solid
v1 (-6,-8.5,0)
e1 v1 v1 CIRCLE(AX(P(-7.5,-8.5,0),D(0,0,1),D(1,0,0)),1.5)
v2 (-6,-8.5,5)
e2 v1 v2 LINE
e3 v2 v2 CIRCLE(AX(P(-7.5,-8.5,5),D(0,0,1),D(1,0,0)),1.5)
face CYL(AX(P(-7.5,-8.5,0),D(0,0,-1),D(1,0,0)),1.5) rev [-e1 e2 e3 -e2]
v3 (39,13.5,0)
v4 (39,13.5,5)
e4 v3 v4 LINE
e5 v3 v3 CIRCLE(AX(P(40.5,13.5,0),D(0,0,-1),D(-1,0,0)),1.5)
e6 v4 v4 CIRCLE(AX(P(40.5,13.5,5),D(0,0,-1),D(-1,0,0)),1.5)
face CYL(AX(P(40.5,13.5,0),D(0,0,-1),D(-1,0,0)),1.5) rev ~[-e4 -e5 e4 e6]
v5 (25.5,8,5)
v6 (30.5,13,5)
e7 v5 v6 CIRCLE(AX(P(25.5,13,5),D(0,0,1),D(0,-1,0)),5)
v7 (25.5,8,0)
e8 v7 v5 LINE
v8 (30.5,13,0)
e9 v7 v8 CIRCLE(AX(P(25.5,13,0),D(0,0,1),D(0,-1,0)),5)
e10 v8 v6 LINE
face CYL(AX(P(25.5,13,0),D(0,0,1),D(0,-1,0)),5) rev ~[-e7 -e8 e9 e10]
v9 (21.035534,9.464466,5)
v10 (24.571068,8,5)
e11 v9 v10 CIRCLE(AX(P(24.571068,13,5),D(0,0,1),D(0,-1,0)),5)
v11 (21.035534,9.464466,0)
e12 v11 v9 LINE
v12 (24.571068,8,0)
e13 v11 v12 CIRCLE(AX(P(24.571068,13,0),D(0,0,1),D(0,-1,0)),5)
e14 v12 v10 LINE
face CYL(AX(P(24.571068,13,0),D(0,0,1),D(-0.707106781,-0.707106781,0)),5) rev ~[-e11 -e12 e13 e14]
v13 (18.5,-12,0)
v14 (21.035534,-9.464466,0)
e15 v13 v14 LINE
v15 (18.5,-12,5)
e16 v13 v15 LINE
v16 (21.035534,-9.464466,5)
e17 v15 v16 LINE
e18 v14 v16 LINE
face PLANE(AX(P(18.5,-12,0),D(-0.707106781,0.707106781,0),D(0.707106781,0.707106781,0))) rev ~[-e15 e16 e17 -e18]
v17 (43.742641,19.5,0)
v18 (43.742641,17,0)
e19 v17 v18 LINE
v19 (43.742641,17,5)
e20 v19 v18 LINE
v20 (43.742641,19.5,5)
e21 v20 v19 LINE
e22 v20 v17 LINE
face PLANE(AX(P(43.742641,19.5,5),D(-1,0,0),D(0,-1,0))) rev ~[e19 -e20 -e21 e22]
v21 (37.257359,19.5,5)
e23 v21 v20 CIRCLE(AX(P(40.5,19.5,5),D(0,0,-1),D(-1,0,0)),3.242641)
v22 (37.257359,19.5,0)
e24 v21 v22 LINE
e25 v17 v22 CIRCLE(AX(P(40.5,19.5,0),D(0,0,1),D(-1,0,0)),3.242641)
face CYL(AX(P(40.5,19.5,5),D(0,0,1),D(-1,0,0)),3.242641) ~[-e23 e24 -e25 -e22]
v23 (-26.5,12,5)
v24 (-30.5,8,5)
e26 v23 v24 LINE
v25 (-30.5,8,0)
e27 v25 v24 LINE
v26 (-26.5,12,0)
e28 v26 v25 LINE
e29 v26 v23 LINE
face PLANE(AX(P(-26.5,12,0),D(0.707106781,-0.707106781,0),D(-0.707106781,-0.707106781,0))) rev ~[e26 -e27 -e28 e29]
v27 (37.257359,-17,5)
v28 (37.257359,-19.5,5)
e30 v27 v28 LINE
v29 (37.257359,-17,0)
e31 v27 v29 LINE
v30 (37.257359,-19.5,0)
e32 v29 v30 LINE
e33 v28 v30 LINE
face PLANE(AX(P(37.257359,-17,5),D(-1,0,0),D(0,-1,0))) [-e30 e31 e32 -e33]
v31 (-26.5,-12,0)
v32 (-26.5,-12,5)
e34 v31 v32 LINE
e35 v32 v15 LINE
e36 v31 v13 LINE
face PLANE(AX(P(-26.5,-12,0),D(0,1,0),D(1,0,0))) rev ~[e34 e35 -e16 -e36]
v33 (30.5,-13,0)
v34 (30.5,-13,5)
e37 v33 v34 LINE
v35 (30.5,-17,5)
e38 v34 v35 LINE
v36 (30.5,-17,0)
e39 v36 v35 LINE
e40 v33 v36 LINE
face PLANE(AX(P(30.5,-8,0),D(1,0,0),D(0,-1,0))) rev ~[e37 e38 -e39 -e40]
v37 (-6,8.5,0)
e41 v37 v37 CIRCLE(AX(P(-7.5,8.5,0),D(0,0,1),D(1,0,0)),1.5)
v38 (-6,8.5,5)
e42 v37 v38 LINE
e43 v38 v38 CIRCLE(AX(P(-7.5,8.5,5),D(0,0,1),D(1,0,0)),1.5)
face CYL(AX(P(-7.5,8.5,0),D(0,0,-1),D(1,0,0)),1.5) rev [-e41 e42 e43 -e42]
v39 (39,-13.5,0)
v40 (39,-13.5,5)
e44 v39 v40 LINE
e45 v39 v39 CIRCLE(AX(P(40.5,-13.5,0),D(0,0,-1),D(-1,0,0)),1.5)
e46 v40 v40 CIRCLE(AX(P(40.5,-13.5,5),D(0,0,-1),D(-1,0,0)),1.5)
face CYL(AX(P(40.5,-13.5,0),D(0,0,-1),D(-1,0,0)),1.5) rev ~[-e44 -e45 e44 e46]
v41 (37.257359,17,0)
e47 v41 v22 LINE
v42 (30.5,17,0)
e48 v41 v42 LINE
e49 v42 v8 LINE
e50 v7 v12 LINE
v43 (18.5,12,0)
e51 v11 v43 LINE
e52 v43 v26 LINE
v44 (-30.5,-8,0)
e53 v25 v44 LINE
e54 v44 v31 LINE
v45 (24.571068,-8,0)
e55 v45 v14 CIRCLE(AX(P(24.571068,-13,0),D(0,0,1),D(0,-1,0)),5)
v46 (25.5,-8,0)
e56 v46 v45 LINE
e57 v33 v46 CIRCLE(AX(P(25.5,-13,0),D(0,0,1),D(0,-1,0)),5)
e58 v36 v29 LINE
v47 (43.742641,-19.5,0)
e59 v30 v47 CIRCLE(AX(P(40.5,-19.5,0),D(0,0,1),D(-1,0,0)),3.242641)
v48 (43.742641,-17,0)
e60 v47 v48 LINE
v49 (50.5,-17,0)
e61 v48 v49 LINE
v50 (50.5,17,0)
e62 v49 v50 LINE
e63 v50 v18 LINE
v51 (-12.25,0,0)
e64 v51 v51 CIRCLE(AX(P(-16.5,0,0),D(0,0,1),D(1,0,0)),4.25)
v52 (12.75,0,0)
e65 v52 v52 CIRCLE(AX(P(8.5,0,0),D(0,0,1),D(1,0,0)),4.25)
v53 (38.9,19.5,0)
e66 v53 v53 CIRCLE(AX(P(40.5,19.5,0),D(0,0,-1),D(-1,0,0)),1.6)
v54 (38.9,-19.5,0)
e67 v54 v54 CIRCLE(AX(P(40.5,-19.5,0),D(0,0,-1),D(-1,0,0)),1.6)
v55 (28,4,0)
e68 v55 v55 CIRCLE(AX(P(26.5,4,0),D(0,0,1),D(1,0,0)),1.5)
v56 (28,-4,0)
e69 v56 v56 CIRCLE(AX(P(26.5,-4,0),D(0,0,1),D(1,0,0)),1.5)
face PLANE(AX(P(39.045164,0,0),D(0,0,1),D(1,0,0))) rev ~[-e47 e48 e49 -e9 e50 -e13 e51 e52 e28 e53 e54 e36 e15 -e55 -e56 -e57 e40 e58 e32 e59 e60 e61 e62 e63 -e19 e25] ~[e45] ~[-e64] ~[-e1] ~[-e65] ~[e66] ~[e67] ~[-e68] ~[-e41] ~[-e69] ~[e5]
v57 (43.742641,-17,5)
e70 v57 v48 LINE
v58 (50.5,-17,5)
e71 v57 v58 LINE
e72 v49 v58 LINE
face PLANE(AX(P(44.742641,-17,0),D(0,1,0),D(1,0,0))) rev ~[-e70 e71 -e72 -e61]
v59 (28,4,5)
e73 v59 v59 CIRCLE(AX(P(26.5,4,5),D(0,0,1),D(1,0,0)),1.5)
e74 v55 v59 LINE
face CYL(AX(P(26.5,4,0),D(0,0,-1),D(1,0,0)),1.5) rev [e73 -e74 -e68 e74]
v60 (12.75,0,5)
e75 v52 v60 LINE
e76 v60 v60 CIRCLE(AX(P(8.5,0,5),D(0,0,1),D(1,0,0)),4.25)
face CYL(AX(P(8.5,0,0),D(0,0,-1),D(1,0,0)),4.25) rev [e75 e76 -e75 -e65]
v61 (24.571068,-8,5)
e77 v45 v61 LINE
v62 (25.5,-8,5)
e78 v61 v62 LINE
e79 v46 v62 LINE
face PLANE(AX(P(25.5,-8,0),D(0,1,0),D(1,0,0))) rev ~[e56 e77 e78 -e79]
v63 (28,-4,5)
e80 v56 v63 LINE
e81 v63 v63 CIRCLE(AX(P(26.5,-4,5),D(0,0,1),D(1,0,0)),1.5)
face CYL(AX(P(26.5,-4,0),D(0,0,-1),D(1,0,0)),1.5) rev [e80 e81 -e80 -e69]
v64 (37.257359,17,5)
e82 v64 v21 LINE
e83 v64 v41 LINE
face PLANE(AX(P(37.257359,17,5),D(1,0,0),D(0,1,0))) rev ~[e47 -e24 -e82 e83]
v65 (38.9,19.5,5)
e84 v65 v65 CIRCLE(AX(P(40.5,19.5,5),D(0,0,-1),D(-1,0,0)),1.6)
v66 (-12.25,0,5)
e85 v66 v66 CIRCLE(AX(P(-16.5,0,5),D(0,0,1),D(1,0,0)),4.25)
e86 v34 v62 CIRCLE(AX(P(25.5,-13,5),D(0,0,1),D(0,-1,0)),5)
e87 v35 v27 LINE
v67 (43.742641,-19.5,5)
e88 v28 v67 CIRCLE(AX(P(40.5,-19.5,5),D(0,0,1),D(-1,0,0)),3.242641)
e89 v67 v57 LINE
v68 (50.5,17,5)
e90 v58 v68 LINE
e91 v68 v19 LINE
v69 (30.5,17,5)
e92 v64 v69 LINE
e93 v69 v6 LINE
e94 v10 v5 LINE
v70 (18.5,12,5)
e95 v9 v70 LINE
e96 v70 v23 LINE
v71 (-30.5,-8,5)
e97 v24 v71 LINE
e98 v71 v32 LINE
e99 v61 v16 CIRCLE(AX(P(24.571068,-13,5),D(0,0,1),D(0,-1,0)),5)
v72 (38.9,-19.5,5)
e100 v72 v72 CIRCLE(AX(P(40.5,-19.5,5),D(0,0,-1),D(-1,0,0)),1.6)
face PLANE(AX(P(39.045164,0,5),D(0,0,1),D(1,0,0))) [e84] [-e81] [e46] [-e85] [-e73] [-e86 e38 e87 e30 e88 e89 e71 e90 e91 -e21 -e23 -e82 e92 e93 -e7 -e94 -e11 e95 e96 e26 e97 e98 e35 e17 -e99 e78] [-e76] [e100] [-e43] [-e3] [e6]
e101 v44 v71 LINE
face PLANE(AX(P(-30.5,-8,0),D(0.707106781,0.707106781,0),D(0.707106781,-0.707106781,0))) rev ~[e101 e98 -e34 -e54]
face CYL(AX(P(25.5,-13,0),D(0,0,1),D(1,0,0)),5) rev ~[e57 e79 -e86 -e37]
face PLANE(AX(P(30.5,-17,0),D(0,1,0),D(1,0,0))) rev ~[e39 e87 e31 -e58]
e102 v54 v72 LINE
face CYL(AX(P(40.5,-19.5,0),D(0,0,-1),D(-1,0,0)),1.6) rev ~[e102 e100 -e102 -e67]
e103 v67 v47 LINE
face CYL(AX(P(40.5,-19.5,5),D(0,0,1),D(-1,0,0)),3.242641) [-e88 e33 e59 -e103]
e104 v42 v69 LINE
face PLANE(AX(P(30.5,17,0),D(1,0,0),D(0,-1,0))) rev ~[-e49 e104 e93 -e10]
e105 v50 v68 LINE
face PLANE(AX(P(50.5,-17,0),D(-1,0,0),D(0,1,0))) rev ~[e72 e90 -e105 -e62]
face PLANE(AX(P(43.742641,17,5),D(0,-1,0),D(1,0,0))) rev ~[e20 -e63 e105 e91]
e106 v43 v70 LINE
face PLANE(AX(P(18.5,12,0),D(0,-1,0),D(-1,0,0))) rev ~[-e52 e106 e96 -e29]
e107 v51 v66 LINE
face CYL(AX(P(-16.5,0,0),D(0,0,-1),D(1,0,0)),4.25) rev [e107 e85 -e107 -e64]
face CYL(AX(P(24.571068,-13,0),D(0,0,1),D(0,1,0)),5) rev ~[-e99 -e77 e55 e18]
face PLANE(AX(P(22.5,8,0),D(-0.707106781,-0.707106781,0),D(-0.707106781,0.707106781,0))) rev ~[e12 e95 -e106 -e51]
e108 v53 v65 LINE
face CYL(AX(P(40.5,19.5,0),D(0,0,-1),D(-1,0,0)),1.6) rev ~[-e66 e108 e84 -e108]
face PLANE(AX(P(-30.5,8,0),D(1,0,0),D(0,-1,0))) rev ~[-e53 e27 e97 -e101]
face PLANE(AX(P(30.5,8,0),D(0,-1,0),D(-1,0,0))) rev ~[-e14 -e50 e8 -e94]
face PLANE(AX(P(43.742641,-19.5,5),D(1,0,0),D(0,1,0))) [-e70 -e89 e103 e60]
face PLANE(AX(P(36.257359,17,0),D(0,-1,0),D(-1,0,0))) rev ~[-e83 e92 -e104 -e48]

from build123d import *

# Parameters (mm, degrees)
ESQUISSE1_R             = 4.25
ESQUISSE1_R_2           = 1.5
BOSS_EXTRU_1_DEPTH      = 5
ESQUISSE2_R             = 1.5
ESQUISSE2_R_2           = 1.6
BOSS_EXTRU_2_DEPTH      = 5
CONG_1_R                = 1
ENL_V_MAT_EXTRU_1_DEPTH = 10.5
CONG_2_R                = 5


with BuildPart() as part:
    # Esquisse1 → Boss.-Extru.1 (new body)
    with BuildSketch(Plane.XY):
        with BuildLine():
            Line((30.5, 0), (30.5, 3))
            ThreePointArc((30.5, 3), (29.035533906, 6.535533906), (25.5, 8))
            Line((25.5, 8), (22.5, 8))
            Line((22.5, 8), (18.5, 12))
            Line((18.5, 12), (-26.5, 12))
            Line((-26.5, 12), (-30.5, 8))
            Line((-30.5, 8), (-30.5, 0))
            Line((-30.5, 0), (-30.5, -8))
            Line((-30.5, -8), (-26.5, -12))
            Line((-26.5, -12), (18.5, -12))
            Line((18.5, -12), (22.5, -8))
            Line((22.5, -8), (25.5, -8))
            ThreePointArc((25.5, -8), (29.035533906, -6.535533906), (30.5, -3))
            Line((30.5, -3), (30.5, 0))
        make_face()
        with Locations((-16.5, 0)):
            Circle(ESQUISSE1_R, mode=Mode.SUBTRACT)
        with Locations((-7.5, -8.5)):
            Circle(ESQUISSE1_R_2, mode=Mode.SUBTRACT)
        with Locations((8.5, 0)):
            Circle(ESQUISSE1_R, mode=Mode.SUBTRACT)
        with Locations((-7.5, 8.5)):
            Circle(ESQUISSE1_R_2, mode=Mode.SUBTRACT)
        with Locations((26.5, 4)):
            Circle(ESQUISSE1_R_2, mode=Mode.SUBTRACT)
        with Locations((26.5, -4)):
            Circle(ESQUISSE1_R_2, mode=Mode.SUBTRACT)
    extrude(amount=BOSS_EXTRU_1_DEPTH)

    # Esquisse2 → Boss.-Extru.2 (add)
    with BuildSketch(Plane(origin=(0, 0, 0), x_dir=(-1, 0, 0), z_dir=(0, 0, -1))):
        with BuildLine():
            Line((-30.5, 17), (-30.5, 8))
            Line((-30.5, 8), (-25.5, 8))
            ThreePointArc((-25.5, 8), (-29.035533906, 6.535533906), (-30.5, 3))
            Line((-30.5, 3), (-30.5, -3))
            ThreePointArc((-30.5, -3), (-29.035533906, -6.535533906), (-25.5, -8))
            Line((-25.5, -8), (-30.5, -8))
            Line((-30.5, -8), (-30.5, -16))
            Line((-30.5, -16), (-30.5, -17))
            Line((-30.5, -17), (-36.257359313, -17))
            Line((-36.257359313, -17), (-36.257359313, -21))
            ThreePointArc((-36.257359313, -21), (-40.5, -24), (-44.742640687, -21))
            Line((-44.742640687, -21), (-44.742640687, -17))
            Line((-44.742640687, -17), (-50.5, -17))
            Line((-50.5, -17), (-50.5, 17))
            Line((-50.5, 17), (-44.742640687, 17))
            Line((-44.742640687, 17), (-44.742640687, 21))
            ThreePointArc((-44.742640687, 21), (-40.5, 24), (-36.257359313, 21))
            Line((-36.257359313, 21), (-36.257359313, 17))
            Line((-36.257359313, 17), (-30.5, 17))
        make_face()
        with Locations((-40.5, 13.5)):
            Circle(ESQUISSE2_R, mode=Mode.SUBTRACT)
        with Locations((-40.5, -13.5)):
            Circle(ESQUISSE2_R, mode=Mode.SUBTRACT)
        with Locations((-40.5, 19.5)):
            Circle(ESQUISSE2_R_2, mode=Mode.SUBTRACT)
        with Locations((-40.5, -19.5)):
            Circle(ESQUISSE2_R_2, mode=Mode.SUBTRACT)
    extrude(amount=-BOSS_EXTRU_2_DEPTH)

    # Congé1
    cong_1_edges = [part.edges().sort_by_distance(p)[0] for p in [
        (44.742640687, -21, 2.5),
    ]]
    fillet(cong_1_edges, radius=CONG_1_R)

    # Esquisse5 → Enlèv. mat.-Extru.1 (cut)
    with BuildSketch(Plane.XY.offset(5)):
        with BuildLine():
            Line((37.257359313, 17), (37.257359313, 19.5))
            ThreePointArc((37.257359313, 19.5), (40.5, 22.742640687), (43.742640687, 19.5))
            Line((43.742640687, 19.5), (43.742640687, 17))
            Line((43.742640687, 17), (46.702112937, 17))
            Line((46.702112937, 17), (46.702112937, 27.914494418))
            Line((46.702112937, 27.914494418), (36.257359313, 27.914494418))
            Line((36.257359313, 27.914494418), (36.257359313, 17))
            Line((36.257359313, 17), (37.257359313, 17))
        make_face()
        with BuildLine():
            Line((43.742640687, -19.5), (43.742640687, -17))
            Line((43.742640687, -17), (44.742640687, -17))
            Line((44.742640687, -17), (44.742640687, -31.949987741))
            Line((44.742640687, -31.949987741), (43.742640687, -31.949987741))
            Line((43.742640687, -31.949987741), (37.257359313, -31.949987741))
            Line((37.257359313, -31.949987741), (34.849139441, -17))
            Line((34.849139441, -17), (37.257359313, -17))
            Line((37.257359313, -17), (37.257359313, -19.5))
            ThreePointArc((37.257359313, -19.5), (40.5, -22.742640687), (43.742640687, -19.5))
        make_face()
    extrude(amount=-ENL_V_MAT_EXTRU_1_DEPTH, mode=Mode.SUBTRACT)

    # Congé2
    cong_2_edges = [part.edges().sort_by_distance(p)[0] for p in [
        (22.5, -8, 2.5),
        (22.5, 8, 2.5),
        (30.5, 8, 2.5),
        (30.5, -8, 2.5),
    ]]
    fillet(cong_2_edges, radius=CONG_2_R)


solid = part.part
